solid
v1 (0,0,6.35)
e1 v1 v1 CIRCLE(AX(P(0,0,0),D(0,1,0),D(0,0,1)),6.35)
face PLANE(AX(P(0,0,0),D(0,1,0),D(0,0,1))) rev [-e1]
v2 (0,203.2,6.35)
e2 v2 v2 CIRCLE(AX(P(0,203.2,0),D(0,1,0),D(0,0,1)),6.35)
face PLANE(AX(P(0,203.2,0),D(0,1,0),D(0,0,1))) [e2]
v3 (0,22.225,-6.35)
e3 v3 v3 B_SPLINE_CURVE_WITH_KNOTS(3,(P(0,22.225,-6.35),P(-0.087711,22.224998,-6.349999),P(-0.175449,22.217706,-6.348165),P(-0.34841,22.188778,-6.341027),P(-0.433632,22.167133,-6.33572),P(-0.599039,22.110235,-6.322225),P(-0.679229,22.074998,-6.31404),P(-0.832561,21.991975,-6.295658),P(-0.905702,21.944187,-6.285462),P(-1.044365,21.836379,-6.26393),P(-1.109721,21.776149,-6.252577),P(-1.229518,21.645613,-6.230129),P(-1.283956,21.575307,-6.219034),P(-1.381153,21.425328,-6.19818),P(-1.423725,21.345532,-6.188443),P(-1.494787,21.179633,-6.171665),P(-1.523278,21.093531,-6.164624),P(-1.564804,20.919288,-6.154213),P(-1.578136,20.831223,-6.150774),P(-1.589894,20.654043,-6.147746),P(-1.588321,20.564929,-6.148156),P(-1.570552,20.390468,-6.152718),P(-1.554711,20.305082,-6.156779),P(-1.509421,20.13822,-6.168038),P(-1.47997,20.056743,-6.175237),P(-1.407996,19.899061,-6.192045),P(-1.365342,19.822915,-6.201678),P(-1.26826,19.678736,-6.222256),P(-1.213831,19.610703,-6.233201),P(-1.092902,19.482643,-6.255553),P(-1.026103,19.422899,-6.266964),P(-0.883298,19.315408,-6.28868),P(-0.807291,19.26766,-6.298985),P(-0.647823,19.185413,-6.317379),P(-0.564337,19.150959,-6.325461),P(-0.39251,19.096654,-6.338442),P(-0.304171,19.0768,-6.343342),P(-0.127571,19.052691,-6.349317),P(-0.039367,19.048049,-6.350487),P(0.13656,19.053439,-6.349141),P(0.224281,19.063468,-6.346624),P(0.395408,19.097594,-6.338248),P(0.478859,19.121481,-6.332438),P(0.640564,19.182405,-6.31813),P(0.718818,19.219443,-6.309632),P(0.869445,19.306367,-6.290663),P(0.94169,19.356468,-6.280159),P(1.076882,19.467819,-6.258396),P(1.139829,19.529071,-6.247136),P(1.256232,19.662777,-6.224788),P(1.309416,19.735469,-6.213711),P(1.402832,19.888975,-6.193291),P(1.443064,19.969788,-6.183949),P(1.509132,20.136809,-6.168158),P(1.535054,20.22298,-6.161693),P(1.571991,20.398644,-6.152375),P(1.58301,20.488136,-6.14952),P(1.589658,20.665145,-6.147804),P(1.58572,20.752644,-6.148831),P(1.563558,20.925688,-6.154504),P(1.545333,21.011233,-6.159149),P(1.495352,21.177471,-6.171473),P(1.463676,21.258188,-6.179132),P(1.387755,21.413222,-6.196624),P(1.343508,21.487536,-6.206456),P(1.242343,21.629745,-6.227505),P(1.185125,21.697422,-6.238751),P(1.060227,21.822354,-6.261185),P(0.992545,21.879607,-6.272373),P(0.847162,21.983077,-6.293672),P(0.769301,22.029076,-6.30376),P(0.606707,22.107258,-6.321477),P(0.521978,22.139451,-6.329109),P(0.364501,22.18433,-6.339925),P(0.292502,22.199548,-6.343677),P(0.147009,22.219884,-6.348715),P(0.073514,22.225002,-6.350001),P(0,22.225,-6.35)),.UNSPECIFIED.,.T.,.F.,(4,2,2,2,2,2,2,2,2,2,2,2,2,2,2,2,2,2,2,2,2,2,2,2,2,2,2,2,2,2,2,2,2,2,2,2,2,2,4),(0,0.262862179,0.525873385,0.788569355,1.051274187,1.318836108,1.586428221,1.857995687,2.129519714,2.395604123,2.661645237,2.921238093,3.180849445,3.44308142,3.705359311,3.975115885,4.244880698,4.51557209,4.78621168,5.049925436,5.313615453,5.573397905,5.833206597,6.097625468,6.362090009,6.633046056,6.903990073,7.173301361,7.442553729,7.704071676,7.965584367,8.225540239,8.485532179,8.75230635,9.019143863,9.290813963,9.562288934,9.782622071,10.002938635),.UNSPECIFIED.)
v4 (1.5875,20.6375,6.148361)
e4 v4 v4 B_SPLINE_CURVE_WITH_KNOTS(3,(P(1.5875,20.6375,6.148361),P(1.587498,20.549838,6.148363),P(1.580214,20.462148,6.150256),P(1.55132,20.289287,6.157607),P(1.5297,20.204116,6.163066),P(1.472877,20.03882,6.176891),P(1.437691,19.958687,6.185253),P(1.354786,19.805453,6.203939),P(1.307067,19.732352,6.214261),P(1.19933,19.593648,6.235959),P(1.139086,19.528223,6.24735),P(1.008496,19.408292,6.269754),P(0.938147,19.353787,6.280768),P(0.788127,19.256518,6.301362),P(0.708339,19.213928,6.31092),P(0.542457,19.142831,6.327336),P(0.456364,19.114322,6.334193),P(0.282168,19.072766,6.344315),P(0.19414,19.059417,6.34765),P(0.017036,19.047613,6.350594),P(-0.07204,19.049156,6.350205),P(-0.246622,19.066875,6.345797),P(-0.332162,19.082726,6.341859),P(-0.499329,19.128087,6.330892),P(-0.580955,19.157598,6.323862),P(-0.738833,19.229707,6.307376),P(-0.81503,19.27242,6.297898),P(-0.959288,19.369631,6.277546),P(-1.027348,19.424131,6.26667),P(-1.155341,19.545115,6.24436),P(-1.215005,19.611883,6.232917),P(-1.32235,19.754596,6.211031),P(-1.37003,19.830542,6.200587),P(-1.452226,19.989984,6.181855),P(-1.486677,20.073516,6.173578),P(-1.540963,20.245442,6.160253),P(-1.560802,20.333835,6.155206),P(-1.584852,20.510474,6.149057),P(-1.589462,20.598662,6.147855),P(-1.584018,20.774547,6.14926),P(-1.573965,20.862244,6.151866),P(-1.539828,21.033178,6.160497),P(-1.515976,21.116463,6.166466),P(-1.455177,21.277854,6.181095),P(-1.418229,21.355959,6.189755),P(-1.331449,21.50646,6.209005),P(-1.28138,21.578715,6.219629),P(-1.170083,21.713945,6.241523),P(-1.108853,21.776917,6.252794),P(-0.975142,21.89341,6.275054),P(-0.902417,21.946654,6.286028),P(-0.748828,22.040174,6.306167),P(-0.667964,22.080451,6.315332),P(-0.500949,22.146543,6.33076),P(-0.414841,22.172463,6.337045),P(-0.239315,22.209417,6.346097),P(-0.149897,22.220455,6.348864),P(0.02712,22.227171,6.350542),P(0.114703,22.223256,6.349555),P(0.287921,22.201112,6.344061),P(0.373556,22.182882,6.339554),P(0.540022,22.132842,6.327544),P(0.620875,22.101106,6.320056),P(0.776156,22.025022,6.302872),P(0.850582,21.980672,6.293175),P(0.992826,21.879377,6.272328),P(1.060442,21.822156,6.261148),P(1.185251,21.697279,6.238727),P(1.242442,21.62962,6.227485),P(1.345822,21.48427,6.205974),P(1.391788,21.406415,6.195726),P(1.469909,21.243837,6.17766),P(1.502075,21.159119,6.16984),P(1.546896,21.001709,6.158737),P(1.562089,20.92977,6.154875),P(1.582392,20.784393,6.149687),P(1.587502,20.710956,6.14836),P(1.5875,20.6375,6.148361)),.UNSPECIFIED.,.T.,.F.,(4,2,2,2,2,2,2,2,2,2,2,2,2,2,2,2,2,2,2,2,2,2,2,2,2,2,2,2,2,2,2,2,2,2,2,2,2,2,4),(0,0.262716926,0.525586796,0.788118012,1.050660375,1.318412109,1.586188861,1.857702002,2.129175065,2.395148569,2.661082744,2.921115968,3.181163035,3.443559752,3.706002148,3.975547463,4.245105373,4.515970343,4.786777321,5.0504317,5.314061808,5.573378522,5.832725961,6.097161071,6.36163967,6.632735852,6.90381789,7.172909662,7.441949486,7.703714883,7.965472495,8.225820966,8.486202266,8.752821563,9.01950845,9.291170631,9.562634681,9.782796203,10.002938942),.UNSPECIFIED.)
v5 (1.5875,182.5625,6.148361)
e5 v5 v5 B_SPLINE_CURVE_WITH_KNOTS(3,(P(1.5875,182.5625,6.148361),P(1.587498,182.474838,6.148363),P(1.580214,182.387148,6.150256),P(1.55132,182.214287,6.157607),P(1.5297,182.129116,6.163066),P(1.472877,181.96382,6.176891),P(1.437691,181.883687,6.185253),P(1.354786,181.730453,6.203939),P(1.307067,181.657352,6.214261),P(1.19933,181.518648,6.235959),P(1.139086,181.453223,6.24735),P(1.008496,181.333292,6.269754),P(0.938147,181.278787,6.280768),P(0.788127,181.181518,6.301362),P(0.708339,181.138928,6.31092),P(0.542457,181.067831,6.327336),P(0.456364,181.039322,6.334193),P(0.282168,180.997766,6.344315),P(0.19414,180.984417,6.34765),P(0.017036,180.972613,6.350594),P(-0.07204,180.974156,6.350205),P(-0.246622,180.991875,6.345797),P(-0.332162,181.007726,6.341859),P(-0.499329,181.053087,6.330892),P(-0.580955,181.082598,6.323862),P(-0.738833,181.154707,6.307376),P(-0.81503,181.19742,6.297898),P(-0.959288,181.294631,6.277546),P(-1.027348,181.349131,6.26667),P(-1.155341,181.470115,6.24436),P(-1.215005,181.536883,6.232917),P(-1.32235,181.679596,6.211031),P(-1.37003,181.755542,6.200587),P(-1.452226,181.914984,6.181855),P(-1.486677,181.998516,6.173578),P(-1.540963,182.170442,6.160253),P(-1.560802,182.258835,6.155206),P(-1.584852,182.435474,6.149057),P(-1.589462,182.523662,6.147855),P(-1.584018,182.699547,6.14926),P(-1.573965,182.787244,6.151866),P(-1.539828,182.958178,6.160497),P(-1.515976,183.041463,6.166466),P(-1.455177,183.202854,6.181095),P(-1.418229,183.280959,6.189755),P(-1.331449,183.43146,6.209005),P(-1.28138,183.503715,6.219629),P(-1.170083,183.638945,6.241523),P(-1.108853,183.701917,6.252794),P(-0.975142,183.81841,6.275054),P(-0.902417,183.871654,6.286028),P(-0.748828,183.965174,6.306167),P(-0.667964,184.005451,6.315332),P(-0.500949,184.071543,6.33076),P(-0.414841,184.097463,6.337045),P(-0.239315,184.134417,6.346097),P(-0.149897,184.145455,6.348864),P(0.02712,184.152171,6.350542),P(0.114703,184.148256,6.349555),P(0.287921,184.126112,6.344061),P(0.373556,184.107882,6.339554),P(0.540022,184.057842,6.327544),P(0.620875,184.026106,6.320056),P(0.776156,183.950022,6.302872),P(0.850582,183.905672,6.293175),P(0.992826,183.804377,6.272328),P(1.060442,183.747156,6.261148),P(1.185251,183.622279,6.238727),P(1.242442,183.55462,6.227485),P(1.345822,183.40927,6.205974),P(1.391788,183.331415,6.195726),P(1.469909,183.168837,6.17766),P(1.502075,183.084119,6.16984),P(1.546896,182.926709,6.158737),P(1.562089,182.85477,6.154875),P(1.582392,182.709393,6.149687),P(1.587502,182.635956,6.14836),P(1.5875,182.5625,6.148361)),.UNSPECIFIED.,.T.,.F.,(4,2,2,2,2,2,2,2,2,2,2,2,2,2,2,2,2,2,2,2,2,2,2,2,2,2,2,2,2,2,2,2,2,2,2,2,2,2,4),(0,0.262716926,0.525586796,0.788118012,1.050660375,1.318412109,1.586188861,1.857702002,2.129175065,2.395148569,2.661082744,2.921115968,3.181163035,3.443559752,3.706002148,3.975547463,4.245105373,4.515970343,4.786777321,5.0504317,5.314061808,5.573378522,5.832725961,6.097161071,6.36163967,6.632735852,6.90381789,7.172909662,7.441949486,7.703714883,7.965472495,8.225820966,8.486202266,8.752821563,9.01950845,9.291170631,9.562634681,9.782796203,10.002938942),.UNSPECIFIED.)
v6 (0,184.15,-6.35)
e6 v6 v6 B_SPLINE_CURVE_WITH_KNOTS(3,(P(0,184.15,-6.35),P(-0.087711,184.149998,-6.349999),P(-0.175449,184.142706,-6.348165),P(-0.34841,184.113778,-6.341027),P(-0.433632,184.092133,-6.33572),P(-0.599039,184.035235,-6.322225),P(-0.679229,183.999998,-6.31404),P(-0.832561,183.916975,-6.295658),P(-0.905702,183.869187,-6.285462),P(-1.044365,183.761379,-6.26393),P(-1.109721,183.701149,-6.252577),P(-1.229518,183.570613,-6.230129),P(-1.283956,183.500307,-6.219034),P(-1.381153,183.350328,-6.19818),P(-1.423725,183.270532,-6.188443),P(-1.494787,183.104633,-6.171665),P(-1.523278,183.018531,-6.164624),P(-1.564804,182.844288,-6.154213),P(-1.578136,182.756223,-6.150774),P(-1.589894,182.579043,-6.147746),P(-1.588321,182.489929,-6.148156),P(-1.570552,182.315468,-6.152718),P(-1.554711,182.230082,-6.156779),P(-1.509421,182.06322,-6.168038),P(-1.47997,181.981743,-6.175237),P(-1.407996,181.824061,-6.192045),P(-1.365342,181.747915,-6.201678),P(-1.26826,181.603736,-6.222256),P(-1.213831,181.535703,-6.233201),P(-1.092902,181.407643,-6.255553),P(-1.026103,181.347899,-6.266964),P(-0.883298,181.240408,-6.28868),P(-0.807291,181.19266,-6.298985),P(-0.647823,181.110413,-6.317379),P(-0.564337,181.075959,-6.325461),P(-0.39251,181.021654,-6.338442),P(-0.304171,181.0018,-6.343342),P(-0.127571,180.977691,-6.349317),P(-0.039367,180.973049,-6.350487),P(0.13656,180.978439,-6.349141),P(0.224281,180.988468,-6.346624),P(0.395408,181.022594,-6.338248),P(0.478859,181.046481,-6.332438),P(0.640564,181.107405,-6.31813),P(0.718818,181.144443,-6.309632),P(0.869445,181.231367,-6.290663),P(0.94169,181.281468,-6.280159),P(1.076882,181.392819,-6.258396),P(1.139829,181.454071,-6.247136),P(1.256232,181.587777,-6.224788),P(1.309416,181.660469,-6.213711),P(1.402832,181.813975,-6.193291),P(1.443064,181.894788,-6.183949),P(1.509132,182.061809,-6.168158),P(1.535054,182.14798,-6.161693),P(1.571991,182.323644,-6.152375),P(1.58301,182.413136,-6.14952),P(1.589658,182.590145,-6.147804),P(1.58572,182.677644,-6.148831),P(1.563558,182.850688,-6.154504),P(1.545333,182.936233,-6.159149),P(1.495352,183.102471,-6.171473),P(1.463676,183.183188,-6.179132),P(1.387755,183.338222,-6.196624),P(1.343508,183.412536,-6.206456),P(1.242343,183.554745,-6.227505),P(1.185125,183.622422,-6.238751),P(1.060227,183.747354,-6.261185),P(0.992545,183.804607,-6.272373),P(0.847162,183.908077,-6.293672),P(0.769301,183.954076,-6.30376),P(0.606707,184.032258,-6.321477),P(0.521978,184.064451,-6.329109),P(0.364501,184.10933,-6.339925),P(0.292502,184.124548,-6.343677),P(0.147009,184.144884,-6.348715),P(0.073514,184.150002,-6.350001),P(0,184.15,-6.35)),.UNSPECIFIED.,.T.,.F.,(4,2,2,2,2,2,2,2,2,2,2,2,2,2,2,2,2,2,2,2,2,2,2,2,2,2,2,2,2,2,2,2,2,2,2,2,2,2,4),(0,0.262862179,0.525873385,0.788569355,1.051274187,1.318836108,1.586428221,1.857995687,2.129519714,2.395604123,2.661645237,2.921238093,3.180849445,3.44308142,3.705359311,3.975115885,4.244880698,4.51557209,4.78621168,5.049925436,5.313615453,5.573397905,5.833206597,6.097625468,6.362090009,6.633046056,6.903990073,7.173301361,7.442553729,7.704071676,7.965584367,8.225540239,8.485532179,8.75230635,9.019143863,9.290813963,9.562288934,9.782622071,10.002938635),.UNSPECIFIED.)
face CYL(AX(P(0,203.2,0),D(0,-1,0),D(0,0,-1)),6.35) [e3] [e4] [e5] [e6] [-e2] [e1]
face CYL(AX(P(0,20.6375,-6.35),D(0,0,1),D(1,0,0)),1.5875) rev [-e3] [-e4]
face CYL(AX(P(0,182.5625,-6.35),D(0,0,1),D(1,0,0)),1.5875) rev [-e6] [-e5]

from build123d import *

# Parameters (mm, degrees)
SKETCH1_R               = 6.35
BOSS_EXTRUDE1_DEPTH     = 203.2
CUT_EXTRUDE1_DEPTH      = 204.398340701
CUT_EXTRUDE1_DEPTH_BACK = 204.398340701
SKETCH2_R               = 1.5875


with BuildPart() as part:
    # Sketch1 → Boss-Extrude1 (new body)
    with BuildSketch(Plane(origin=(0, 0, 0), x_dir=(1, 0, 0), z_dir=(0, 1, 0))):
        with Locations(Location((0, 0, 0), (0, 0, 270))):
            Circle(SKETCH1_R)
    extrude(amount=BOSS_EXTRUDE1_DEPTH)

    # Sketch2 → Cut-Extrude1 (cut, two sides: drawn at the far end of the back side and taken through both)
    with BuildSketch(Plane.XY.offset(-CUT_EXTRUDE1_DEPTH_BACK)):
        with Locations(Location((0, 182.5625, 0), (0, 0, 90.000000004))):
            Circle(SKETCH2_R)
        with Locations(Location((0, 20.6375, 0), (0, 0, 90.000000004))):
            Circle(SKETCH2_R)
    extrude(amount=CUT_EXTRUDE1_DEPTH + CUT_EXTRUDE1_DEPTH_BACK, mode=Mode.SUBTRACT)


solid = part.part
